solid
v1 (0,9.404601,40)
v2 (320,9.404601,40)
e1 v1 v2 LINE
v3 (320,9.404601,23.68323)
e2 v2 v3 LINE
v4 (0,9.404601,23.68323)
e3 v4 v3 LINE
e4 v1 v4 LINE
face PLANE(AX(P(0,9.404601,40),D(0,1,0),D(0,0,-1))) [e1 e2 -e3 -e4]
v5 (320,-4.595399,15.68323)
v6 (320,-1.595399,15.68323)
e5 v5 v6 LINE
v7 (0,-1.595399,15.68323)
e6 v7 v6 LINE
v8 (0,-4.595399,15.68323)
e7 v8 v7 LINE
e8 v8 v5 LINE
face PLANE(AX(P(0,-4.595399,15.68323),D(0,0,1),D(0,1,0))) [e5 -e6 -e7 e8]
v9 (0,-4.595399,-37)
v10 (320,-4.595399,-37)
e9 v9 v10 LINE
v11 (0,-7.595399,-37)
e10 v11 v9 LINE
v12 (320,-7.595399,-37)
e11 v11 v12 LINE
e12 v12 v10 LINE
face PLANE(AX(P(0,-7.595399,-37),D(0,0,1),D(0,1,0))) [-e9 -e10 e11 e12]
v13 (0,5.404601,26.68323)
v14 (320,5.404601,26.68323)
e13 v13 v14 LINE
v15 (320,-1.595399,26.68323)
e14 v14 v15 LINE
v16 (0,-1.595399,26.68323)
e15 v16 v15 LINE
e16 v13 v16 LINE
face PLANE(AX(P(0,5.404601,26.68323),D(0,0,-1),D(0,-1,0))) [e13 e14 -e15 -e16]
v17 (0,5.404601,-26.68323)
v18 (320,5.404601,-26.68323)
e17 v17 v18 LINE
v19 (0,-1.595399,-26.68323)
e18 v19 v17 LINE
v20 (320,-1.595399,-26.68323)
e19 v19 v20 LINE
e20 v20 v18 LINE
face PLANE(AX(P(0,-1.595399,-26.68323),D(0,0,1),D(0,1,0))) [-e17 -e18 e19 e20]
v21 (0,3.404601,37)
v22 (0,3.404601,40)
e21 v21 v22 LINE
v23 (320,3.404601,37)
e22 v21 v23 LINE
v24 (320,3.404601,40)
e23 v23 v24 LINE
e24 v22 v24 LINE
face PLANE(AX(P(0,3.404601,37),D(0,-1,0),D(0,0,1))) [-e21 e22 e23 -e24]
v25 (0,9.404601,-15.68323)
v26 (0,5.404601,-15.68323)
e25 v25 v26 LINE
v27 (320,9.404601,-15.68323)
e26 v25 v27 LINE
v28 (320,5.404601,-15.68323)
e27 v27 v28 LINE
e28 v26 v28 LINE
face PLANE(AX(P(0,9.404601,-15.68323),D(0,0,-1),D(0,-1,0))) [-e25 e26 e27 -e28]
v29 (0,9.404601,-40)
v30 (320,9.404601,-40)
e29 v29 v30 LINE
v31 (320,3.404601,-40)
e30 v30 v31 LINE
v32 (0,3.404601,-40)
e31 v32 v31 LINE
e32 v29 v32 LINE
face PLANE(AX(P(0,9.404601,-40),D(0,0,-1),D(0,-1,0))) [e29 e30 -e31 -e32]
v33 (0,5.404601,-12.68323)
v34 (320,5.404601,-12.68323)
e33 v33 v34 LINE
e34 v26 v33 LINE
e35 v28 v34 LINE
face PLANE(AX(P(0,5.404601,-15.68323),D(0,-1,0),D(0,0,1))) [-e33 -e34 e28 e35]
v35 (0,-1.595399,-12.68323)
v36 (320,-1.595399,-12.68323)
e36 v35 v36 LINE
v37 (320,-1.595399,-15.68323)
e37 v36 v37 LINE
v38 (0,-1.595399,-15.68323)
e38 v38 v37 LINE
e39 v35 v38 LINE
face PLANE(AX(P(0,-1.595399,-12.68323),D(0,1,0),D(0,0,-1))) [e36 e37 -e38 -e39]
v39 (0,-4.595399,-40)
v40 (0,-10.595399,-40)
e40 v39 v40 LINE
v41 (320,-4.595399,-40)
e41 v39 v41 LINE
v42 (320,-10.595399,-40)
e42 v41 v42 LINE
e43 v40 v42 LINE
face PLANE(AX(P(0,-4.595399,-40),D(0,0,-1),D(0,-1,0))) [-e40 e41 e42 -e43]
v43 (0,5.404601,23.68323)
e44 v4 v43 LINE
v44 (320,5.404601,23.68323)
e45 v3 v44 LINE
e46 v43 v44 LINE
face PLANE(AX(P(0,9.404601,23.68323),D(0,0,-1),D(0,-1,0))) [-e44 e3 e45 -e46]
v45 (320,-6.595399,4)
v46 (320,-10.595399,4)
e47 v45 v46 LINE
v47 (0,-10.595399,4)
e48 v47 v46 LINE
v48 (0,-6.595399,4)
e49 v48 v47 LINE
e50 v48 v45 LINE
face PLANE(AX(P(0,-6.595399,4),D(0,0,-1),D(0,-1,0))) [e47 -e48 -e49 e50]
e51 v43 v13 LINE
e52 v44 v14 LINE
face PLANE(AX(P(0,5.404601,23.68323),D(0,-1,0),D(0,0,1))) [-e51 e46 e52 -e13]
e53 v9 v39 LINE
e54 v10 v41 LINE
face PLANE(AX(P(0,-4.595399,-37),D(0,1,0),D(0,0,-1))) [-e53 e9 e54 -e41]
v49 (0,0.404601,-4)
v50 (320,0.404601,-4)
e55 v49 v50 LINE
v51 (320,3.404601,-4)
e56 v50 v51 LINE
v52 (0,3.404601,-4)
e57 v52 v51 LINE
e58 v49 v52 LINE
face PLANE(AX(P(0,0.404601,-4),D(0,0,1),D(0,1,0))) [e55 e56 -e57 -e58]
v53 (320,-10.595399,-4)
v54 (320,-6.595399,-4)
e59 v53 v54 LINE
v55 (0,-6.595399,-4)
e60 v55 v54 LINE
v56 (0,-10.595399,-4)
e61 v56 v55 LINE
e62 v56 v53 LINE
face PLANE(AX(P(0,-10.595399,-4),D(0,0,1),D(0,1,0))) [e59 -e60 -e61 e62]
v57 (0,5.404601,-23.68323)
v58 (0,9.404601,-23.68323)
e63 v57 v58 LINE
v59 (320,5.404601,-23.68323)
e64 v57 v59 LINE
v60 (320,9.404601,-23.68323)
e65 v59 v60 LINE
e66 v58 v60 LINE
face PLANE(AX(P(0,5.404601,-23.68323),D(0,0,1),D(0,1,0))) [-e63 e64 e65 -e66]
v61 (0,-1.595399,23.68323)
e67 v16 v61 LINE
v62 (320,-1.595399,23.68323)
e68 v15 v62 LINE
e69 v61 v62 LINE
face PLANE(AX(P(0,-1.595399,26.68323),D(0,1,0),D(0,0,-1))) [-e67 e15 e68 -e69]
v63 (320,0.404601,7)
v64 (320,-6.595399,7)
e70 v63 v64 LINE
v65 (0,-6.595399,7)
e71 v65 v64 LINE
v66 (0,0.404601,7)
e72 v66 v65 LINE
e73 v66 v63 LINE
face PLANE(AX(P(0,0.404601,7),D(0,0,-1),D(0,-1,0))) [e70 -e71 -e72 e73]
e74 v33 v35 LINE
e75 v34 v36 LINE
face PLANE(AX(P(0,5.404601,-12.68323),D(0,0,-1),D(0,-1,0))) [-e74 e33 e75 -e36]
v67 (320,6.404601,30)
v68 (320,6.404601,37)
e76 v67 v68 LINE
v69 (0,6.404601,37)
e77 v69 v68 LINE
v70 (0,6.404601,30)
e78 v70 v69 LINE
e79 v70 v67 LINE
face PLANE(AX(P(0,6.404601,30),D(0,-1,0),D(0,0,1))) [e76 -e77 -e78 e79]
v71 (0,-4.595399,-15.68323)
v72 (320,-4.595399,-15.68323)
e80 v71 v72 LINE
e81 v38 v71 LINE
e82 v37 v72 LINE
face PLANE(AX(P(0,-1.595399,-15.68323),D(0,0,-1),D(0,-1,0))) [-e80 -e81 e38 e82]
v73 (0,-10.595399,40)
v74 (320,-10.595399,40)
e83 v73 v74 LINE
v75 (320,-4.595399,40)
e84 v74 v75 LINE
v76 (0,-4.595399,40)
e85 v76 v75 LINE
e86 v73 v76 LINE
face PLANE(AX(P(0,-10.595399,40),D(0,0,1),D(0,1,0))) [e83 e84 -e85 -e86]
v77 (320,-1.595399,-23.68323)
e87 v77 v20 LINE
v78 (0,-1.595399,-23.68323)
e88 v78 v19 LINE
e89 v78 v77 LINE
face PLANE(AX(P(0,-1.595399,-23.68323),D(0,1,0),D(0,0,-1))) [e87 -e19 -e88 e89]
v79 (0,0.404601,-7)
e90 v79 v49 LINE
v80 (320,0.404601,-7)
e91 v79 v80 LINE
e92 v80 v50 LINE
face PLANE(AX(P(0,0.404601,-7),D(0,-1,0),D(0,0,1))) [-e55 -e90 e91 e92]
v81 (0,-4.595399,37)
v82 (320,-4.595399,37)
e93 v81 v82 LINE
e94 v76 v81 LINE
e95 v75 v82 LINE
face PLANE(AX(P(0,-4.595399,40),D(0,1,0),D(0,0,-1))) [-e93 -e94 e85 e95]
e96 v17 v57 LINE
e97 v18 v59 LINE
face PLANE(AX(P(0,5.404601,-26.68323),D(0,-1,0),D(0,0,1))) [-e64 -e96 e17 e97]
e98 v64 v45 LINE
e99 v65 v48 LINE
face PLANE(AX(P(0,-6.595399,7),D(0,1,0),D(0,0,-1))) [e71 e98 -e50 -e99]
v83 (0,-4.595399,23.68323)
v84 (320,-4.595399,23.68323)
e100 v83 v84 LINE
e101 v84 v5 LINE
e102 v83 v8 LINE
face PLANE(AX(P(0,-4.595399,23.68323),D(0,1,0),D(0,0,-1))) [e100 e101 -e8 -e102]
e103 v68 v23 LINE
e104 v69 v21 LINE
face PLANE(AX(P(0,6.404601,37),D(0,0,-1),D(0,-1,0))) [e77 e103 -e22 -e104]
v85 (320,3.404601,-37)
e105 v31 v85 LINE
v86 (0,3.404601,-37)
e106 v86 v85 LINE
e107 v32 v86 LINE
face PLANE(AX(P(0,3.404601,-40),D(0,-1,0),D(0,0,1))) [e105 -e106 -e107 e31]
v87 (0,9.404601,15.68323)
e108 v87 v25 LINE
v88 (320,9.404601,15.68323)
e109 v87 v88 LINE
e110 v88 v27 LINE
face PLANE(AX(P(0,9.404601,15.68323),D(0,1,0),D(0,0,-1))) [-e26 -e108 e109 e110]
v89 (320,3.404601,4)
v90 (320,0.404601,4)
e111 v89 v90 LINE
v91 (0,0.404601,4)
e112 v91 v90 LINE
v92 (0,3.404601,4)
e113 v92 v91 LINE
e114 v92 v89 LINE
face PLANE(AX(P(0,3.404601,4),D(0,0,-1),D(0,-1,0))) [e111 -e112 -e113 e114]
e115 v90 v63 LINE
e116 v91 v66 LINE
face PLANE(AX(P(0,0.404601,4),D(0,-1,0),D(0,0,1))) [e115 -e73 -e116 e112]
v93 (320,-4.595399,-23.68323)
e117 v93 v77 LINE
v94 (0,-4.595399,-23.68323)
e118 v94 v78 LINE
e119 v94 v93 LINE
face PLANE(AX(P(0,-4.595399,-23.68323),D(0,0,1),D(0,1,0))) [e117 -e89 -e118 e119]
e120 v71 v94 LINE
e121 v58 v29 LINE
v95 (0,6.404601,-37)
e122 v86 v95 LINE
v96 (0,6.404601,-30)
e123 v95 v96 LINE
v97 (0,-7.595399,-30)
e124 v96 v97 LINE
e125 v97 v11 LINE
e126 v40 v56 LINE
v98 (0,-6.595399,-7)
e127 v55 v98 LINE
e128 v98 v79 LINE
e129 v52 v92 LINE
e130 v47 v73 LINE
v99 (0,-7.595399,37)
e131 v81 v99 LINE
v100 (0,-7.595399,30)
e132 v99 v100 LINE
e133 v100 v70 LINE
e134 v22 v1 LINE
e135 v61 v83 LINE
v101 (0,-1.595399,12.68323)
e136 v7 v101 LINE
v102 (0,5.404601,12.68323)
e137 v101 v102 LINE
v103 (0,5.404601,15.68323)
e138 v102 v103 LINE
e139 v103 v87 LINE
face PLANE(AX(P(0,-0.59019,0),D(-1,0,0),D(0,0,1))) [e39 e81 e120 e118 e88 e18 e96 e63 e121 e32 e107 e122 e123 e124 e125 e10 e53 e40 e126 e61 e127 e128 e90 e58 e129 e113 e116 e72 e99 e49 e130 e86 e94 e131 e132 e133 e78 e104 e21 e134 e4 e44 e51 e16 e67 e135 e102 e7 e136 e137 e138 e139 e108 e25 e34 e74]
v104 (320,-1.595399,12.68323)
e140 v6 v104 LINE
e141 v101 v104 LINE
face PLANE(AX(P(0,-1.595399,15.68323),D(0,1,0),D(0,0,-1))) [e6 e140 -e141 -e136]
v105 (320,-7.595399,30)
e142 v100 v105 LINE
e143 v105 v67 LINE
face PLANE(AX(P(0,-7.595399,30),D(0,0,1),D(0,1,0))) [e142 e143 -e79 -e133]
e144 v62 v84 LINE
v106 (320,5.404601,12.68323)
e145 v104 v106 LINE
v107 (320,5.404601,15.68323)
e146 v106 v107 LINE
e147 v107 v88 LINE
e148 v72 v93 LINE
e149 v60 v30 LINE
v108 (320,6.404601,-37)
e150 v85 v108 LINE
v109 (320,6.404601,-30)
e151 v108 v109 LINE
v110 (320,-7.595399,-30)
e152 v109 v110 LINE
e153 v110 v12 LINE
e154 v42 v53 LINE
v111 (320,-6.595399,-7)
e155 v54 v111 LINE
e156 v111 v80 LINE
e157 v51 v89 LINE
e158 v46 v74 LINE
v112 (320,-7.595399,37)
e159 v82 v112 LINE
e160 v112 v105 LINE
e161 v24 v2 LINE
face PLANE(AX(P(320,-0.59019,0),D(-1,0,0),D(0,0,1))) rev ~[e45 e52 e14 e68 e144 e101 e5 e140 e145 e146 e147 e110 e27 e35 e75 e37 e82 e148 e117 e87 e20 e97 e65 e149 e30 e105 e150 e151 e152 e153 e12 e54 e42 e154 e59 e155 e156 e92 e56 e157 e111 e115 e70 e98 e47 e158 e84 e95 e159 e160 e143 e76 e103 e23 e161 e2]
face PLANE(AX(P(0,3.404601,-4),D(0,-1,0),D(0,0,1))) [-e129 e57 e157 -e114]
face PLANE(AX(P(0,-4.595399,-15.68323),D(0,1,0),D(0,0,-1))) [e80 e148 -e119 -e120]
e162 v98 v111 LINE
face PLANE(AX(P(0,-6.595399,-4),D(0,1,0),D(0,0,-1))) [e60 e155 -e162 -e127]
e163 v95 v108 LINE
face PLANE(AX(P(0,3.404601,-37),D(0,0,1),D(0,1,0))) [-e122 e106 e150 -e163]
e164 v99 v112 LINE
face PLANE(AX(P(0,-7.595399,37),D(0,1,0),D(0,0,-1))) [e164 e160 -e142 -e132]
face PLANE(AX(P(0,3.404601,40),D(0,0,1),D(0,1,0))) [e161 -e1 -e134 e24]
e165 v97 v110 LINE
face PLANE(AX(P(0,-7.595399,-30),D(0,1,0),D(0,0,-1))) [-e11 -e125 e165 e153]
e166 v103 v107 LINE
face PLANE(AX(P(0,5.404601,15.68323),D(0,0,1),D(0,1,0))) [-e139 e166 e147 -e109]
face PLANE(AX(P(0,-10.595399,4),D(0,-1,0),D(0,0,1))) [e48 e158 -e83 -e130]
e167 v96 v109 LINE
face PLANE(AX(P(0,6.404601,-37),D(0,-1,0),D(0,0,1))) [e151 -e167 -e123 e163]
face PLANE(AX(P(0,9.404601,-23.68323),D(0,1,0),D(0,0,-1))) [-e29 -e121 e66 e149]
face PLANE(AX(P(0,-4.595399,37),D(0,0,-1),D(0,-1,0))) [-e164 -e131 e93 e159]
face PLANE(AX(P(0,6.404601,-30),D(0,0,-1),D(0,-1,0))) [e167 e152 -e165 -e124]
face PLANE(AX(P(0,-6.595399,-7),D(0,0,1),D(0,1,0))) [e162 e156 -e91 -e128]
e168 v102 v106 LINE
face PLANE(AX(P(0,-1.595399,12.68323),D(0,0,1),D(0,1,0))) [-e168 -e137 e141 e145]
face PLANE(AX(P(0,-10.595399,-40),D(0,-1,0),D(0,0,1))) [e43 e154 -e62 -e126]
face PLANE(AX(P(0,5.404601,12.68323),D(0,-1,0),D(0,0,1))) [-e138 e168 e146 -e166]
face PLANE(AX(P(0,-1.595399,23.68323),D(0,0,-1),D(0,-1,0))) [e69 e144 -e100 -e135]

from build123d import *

# Parameters (mm, degrees)
BOSS_EXTRUDE1_DEPTH = 320


with BuildPart() as part:
    # Sketch1 → Boss-Extrude1 (new body)
    with BuildSketch(Plane(origin=(0, 0, 0), x_dir=(0, 0, -1), z_dir=(1, 0, 0))):
        Polygon((-4, -10.595398602), (-40, -10.595398602), (-40, -4.595398602), (-37, -4.595398602), (-37, -7.595398602), (-30, -7.595398602), (-30, 6.404601398), (-37, 6.404601398), (-37, 3.404601398), (-40, 3.404601398), (-40, 9.404601398), (-23.683229509, 9.404601398), (-23.683229509, 5.404601398), (-26.683229509, 5.404601398), (-26.683229509, -1.595398602), (-23.683229509, -1.595398602), (-23.683229509, -4.595398602), (-15.683229509, -4.595398602), (-15.683229509, -1.595398602), (-12.683229509, -1.595398602), (-12.683229509, 5.404601398), (-15.683229509, 5.404601398), (-15.683229509, 9.404601398), (15.683229509, 9.404601398), (15.683229509, 5.404601398), (12.683229509, 5.404601398), (12.683229509, -1.595398602), (15.683229509, -1.595398602), (15.683229509, -4.595398602), (23.683229509, -4.595398602), (23.683229509, -1.595398602), (26.683229509, -1.595398602), (26.683229509, 5.404601398), (23.683229509, 5.404601398), (23.683229509, 9.404601398), (40, 9.404601398), (40, 3.404601398), (37, 3.404601398), (37, 6.404601398), (30, 6.404601398), (30, -7.595398602), (37, -7.595398602), (37, -4.595398602), (40, -4.595398602), (40, -10.595398602), (4, -10.595398602), (4, -6.595398602), (7, -6.595398602), (7, 0.404601398), (4, 0.404601398), (4, 3.404601398), (-4, 3.404601398), (-4, 0.404601398), (-7, 0.404601398), (-7, -6.595398602), (-4, -6.595398602), align=None)
    extrude(amount=BOSS_EXTRUDE1_DEPTH)


solid = part.part
